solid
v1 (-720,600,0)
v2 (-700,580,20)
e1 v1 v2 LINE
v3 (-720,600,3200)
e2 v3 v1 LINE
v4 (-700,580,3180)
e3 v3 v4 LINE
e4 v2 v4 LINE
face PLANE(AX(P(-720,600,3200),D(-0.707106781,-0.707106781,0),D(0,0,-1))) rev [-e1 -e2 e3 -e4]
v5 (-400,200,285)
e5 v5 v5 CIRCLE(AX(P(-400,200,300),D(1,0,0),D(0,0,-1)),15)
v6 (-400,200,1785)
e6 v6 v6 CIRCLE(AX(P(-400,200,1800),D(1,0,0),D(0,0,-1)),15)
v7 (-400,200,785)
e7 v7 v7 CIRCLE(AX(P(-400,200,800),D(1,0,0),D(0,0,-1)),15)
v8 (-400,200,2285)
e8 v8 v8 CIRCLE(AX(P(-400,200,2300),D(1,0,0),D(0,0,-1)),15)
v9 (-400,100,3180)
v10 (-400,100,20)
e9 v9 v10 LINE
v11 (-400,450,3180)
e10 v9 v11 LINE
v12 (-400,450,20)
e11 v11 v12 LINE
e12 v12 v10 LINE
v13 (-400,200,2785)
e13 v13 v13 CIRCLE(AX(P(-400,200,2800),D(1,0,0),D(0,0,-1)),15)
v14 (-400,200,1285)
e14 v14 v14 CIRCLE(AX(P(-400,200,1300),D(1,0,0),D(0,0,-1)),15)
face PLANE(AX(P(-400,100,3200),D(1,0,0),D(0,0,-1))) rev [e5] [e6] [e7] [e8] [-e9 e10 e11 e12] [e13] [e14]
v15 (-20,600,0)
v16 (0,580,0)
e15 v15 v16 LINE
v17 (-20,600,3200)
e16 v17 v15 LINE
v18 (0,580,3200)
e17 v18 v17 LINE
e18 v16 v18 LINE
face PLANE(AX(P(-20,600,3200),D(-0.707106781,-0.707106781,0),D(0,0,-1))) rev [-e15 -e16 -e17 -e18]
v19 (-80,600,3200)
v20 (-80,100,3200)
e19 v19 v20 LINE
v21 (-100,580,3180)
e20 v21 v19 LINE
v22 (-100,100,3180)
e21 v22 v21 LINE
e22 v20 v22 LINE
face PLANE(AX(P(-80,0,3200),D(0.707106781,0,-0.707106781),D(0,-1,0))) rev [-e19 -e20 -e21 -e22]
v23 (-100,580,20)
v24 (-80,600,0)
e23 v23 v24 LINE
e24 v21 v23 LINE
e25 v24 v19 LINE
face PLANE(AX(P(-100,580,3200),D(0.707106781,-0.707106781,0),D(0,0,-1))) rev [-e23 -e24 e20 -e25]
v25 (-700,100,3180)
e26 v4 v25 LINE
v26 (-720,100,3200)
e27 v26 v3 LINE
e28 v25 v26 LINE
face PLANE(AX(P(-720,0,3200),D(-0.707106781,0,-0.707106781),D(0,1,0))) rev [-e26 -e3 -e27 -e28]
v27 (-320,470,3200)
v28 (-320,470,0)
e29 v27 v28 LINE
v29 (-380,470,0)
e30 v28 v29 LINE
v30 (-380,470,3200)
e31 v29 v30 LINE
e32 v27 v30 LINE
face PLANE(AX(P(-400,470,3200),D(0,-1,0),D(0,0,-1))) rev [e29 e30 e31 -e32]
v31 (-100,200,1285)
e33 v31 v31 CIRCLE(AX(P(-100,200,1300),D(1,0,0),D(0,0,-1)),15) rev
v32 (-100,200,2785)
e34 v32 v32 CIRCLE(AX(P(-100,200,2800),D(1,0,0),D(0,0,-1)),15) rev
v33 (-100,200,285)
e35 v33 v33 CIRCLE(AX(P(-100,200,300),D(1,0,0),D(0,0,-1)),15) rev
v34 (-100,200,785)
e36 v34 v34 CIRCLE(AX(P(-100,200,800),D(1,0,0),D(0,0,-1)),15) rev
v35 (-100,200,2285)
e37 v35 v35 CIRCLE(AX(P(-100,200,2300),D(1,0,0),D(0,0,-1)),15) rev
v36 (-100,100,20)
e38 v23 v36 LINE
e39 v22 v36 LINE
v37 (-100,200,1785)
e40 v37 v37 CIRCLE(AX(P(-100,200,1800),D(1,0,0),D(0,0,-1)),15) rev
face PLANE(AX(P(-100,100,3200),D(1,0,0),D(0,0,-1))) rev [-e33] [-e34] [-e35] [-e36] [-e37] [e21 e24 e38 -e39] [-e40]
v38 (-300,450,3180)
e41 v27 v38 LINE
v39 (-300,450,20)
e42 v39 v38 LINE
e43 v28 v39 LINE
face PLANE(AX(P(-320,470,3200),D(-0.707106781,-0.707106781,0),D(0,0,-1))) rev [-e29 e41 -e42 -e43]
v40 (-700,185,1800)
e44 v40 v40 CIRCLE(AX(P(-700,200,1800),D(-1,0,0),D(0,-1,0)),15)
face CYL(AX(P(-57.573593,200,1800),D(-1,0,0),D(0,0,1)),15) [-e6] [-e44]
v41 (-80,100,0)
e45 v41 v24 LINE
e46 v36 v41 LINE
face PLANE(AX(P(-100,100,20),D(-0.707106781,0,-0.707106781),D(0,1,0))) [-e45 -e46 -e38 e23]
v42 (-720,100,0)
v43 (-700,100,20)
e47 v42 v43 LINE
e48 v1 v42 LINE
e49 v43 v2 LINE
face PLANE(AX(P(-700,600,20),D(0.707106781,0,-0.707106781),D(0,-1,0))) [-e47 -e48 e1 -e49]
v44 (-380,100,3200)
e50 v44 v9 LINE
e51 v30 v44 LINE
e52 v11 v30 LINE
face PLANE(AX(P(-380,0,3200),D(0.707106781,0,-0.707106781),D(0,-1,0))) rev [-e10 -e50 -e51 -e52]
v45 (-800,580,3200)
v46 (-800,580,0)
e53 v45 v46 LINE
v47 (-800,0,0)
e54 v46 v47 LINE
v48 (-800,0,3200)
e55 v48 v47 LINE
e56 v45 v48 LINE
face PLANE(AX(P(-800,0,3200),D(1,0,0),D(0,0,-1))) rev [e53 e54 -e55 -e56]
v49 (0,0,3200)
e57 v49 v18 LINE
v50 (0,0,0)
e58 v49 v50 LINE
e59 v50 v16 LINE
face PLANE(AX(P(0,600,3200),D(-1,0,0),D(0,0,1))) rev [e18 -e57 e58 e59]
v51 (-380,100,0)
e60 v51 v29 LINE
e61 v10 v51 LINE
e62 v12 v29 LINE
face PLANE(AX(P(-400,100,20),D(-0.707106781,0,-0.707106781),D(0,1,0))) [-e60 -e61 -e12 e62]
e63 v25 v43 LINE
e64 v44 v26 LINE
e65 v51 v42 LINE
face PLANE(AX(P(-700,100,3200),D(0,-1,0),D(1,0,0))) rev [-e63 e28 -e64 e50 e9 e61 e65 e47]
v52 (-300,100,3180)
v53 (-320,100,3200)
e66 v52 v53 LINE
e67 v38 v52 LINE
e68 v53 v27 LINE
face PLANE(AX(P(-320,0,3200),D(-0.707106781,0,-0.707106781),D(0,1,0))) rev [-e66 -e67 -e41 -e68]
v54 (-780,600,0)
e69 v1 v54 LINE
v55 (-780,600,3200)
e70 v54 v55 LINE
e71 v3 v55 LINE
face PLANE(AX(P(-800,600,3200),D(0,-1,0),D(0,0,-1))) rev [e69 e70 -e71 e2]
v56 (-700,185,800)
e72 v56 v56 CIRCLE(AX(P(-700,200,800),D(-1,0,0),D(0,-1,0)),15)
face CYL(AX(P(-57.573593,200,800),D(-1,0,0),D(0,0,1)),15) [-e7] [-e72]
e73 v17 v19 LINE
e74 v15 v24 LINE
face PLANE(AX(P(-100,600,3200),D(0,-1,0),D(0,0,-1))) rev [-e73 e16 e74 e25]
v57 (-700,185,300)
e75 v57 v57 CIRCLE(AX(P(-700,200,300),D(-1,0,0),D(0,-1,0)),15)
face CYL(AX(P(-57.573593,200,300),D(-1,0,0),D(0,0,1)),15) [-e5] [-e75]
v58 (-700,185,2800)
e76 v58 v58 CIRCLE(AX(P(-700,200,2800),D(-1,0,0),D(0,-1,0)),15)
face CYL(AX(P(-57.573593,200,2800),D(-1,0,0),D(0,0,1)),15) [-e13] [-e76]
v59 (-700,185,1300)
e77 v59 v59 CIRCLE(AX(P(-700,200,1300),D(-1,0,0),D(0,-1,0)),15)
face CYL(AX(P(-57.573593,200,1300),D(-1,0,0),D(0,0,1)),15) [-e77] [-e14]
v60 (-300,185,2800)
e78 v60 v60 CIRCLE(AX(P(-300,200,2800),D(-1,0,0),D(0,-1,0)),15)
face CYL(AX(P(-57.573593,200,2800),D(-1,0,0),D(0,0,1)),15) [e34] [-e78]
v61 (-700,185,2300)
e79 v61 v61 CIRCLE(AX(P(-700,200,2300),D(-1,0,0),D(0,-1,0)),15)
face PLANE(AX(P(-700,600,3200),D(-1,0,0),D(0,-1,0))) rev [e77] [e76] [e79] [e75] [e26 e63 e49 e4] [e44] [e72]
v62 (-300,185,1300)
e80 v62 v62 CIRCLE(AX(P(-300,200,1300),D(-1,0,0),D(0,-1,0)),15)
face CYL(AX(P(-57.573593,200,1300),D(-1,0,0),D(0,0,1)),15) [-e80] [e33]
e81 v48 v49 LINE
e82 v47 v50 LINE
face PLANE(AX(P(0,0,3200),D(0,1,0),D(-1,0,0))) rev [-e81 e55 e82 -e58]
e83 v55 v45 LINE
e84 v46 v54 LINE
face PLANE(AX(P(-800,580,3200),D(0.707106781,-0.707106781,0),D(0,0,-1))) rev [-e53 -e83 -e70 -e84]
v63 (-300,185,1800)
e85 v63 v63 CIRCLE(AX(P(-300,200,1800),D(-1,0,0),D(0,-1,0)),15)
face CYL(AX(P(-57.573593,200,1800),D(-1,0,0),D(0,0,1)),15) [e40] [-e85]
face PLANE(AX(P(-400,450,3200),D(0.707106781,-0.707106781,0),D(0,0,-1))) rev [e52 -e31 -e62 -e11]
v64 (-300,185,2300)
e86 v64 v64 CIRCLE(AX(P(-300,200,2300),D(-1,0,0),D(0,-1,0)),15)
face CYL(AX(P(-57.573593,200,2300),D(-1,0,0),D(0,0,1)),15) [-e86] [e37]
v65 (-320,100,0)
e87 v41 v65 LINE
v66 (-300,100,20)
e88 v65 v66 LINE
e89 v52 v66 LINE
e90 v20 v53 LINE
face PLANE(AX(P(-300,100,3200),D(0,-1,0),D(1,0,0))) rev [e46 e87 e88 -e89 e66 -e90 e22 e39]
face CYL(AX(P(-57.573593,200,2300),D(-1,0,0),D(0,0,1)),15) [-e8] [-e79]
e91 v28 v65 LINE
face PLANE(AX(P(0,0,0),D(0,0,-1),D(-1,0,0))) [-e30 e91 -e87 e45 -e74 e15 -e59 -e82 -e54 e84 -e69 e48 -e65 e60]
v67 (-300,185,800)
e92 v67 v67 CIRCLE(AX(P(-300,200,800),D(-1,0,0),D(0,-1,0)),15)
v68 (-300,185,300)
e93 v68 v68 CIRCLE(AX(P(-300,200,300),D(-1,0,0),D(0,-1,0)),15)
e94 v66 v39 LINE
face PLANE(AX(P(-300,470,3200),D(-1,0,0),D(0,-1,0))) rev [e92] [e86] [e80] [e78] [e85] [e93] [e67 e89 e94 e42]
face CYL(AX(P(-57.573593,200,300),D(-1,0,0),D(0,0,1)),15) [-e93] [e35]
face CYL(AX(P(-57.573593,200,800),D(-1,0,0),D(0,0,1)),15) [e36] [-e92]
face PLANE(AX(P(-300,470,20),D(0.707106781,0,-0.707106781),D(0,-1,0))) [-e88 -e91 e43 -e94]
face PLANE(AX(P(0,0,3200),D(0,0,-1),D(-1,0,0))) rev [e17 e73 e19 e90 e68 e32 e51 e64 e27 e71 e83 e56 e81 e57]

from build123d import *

# Parameters (mm, degrees)
SALIENTE_EXTRUIR1_DEPTH = 3200
CHAFL_N2_SIZE           = 20
SALIENTE_EXTRUIR2_REACH = 3354.611
CROQUIS2_R              = 15
MATRIZL1_COUNT          = 6
MATRIZL1_PITCH          = 500


with BuildPart() as part:
    # Croquis1 → Saliente-Extruir1 (new body)
    with BuildSketch(Plane.XY):
        Polygon((0, 0), (-800, 0), (-800, 600), (-700, 600), (-700, 100), (-400, 100), (-400, 470), (-300, 470), (-300, 100), (-100, 100), (-100, 600), (0, 600), align=None)
    extrude(amount=SALIENTE_EXTRUIR1_DEPTH)

    # Chaflán2
    chafl_n2_edges = [part.edges().sort_by_distance(p)[0] for p in [
        (-100, 350, 3200),
        (-700, 350, 0),
        (-400, 285, 0),
        (-300, 285, 0),
        (-100, 350, 0),
        (-300, 285, 3200),
        (-800, 600, 1600),
        (-700, 600, 1600),
        (-400, 470, 1600),
        (-300, 470, 1600),
        (-100, 600, 1600),
        (0, 600, 1600),
        (-400, 285, 3200),
        (-700, 350, 3200),
    ]]
    chamfer(chafl_n2_edges, length=CHAFL_N2_SIZE)

    # Saliente-Extruir2: up to this face of the body (flat: up to its plane)
    saliente_extruir2_end = Plane(part.part.faces().sort_by_distance((-100, 340, 1600))[0])
    # Croquis2 → Saliente-Extruir2 (add, up to the picked face)
    with BuildSketch(Plane.ZY.offset(800), mode=Mode.PRIVATE) as saliente_extruir2_sk1:
        with Locations(Location((300, 200, 0), (0, 0, 270))):
            Circle(CROQUIS2_R)
    saliente_extruir2_tool1 = split(extrude(saliente_extruir2_sk1.sketch, amount=-SALIENTE_EXTRUIR2_REACH, mode=Mode.PRIVATE), bisect_by=saliente_extruir2_end, keep=Keep.BOTH, mode=Mode.PRIVATE)
    saliente_extruir2 = saliente_extruir2_tool1.solids().sort_by(Axis((-800, 200, 300), (1, 0, 0)))[0]
    add(saliente_extruir2)

    # MatrizL1: Saliente-Extruir2 ×6
    with Locations(*[(0, 0, i * MATRIZL1_PITCH) for i in range(1, MATRIZL1_COUNT)]):
        add(saliente_extruir2)


solid = part.part
